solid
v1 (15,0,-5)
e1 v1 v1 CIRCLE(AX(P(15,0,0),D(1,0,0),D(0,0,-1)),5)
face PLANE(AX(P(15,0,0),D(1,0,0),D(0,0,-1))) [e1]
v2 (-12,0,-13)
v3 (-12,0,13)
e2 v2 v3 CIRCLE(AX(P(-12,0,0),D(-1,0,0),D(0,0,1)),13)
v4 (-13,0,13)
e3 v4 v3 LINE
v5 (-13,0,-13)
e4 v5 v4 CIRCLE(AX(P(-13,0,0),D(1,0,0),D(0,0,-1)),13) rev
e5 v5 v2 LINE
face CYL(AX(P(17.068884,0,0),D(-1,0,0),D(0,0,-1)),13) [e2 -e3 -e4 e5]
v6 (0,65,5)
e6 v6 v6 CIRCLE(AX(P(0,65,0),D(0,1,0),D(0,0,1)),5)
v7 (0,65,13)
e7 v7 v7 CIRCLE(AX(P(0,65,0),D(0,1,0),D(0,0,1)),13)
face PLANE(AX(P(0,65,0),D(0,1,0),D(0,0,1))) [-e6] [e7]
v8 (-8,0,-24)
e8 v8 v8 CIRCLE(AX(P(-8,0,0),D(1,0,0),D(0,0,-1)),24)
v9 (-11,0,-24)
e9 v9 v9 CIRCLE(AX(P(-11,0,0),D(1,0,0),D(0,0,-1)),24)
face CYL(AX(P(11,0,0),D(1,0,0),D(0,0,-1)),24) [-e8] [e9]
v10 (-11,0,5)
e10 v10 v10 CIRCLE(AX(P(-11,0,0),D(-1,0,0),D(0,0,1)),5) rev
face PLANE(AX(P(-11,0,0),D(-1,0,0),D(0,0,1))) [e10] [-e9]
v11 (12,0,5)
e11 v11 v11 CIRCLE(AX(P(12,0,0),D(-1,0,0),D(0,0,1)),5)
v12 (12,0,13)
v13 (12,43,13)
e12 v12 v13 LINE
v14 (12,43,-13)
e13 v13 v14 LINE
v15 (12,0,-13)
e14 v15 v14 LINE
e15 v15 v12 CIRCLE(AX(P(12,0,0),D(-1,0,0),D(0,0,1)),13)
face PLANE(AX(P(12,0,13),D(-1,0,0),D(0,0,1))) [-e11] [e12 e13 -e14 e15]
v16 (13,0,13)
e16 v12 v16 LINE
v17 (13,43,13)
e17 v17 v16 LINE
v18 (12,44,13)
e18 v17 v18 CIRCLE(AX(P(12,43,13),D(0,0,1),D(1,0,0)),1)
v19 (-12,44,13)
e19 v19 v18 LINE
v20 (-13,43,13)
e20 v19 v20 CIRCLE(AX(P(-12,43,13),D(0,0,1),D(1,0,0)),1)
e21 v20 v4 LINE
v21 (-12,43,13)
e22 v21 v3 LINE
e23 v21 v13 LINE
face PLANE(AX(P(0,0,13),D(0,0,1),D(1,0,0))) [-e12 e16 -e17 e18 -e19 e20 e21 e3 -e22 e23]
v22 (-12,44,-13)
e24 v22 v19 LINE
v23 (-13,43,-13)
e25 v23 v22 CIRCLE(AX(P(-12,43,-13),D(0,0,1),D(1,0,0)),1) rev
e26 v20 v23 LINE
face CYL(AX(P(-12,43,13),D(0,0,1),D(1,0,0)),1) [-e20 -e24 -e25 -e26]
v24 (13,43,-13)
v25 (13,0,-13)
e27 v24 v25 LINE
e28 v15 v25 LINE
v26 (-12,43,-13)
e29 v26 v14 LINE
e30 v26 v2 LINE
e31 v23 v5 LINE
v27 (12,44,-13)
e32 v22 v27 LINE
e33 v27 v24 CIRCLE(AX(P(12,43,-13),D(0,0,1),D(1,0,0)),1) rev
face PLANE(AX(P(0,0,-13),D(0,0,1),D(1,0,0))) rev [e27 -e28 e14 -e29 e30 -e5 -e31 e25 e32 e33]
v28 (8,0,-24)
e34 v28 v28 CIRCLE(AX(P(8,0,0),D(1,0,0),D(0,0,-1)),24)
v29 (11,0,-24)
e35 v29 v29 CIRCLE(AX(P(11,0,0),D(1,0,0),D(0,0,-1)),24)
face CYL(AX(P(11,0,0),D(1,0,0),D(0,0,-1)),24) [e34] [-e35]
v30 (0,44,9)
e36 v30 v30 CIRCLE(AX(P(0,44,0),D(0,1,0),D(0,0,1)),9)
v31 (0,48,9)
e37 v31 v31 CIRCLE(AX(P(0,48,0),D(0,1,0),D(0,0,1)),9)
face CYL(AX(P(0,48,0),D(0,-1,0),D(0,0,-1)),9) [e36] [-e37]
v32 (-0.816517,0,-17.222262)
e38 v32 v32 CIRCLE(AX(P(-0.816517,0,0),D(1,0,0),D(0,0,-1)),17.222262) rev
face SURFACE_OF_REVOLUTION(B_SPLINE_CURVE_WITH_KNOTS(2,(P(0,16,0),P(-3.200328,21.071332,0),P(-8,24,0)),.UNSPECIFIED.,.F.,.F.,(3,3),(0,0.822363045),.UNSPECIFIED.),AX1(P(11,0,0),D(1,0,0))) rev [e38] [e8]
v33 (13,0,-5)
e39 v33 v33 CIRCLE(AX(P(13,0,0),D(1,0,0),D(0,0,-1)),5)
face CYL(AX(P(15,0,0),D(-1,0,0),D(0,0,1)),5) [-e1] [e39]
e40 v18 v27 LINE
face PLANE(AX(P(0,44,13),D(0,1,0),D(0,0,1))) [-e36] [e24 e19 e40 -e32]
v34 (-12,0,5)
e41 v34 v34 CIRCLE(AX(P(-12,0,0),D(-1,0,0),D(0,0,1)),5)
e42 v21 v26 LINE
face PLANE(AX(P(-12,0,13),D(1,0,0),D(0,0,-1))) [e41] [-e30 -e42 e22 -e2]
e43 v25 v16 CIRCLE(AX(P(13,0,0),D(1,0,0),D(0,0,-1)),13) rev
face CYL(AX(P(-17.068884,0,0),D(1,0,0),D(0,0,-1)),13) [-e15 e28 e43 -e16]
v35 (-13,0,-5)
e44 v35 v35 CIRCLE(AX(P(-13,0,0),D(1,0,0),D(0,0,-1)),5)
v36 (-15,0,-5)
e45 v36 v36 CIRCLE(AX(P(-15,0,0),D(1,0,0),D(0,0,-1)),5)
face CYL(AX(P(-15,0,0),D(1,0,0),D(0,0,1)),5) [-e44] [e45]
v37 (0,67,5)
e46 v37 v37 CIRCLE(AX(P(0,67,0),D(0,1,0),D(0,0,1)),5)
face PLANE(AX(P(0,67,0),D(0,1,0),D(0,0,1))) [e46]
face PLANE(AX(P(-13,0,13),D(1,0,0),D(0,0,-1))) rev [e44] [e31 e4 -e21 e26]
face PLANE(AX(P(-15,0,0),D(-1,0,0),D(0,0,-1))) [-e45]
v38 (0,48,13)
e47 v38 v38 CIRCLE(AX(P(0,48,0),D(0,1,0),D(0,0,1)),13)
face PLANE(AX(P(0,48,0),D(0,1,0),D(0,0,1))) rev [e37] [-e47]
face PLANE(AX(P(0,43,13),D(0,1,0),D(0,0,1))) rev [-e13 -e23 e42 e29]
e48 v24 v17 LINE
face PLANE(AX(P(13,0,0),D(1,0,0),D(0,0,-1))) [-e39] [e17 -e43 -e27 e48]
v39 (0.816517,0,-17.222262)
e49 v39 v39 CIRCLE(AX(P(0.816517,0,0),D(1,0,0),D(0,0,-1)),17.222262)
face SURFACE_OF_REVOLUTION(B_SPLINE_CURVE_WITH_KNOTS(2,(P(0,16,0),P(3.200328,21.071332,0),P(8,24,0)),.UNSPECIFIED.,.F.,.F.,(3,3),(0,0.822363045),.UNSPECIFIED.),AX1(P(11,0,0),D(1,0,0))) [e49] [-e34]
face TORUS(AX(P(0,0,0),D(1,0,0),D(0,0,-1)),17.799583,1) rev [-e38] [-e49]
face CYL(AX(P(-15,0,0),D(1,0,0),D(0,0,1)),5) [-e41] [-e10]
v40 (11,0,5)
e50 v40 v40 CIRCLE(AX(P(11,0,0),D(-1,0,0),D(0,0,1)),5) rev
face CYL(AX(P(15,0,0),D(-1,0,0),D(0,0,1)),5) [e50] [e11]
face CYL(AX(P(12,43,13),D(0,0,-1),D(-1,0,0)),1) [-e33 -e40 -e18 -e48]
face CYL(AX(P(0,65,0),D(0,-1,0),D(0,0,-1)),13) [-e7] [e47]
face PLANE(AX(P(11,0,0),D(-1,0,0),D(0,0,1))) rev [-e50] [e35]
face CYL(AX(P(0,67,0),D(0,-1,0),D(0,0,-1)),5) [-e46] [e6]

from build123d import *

# Parameters (mm, degrees)
FILLET_1_R                  = 1
EXTRUDE_1_DEPTH             = 13
EXTRUDE_3_DEPTH             = 1
EXTRUDE_4_REACH             = 58.462
SKETCH_5_R                  = 5
EXTRUDE_4_DIRECTION_2_DEPTH = 2
SKETCH_8_R                  = 9
EXTRUDE_5_DEPTH             = 4
SKETCH_9_R                  = 13
EXTRUDE_6_DEPTH             = 17
SKETCH_10_R                 = 5
EXTRUDE_7_DEPTH             = 2
FILLET_3_R                  = 1


with BuildPart() as part:
    # 草图1 → 旋转1 (revolve)
    with BuildSketch(Plane.XY, mode=Mode.PRIVATE) as revolve_1_sk:
        with BuildLine():
            Line((-11, 0), (0, 0))
            Line((0, 0), (0, 16))
            add(Edge.make_bspline(
                [(0, 16), (-3.200328023, 21.071332496), (-8, 24)],
                knots=[0, 0, 0, 0.822363045, 0.822363045, 0.822363045], degree=2))
            Line((-8, 24), (-11, 24))
            Line((-11, 24), (-11, 0))
        make_face()
        with BuildLine():
            Line((0, 16), (0, 0))
            Line((0, 0), (11, 0))
            Line((11, 0), (11, 24))
            Line((11, 24), (8, 24))
            add(Edge.make_bspline(
                [(0, 16), (3.200328023, 21.071332496), (8, 24)],
                knots=[0, 0, 0, 0.822363045, 0.822363045, 0.822363045], degree=2))
        make_face()
    revolve(revolve_1_sk.sketch.rotate(Axis((11, 0, 0), (-1, 0, 0)), 90), axis=Axis((11, 0, 0), (-1, 0, 0)))

    # 圆角1
    fillet_1_edges = [part.edges().sort_by_distance(p)[0] for p in [
        (0, 0, 16),
    ]]
    fillet(fillet_1_edges, radius=FILLET_1_R)

    # 凸台-拉伸4: up to this face of the body (flat: up to its plane)
    extrude_4_end = Plane(part.part.faces().sort_by_distance((11, 0, 0))[0])
    # 草图5 → 凸台-拉伸4 (add, up to the picked face)
    with BuildSketch(Plane(origin=(13, 0, 0), x_dir=(0, 0, -1), z_dir=(1, 0, 0)), mode=Mode.PRIVATE) as extrude_4_sk1:
        with Locations(Location((0, 0, 0), (0, 0, 180))):
            Circle(SKETCH_5_R)
    extrude_4_tool1 = split(extrude(extrude_4_sk1.sketch, amount=-EXTRUDE_4_REACH, mode=Mode.PRIVATE), bisect_by=extrude_4_end, keep=Keep.BOTH, mode=Mode.PRIVATE)


with BuildPart() as body_2:
    # 草图2 → 凸台-拉伸1 (new, symmetric)
    with BuildSketch(Plane.XY):
        Polygon((-12, 0), (-12, 43), (12, 43), (12, 0), (13, 0), (13, 44), (-13, 44), (-13, 0), align=None)
    extrude(amount=EXTRUDE_1_DEPTH, both=True)


with BuildPart() as body_3:
    # 草图4 → 凸台-拉伸3 (new body)
    with BuildSketch(Plane(origin=(13, 0, 0), x_dir=(0, 0, -1), z_dir=(1, 0, 0))):
        with BuildLine():
            ThreePointArc((13, 0), (0, -13), (-13, 0))
            Line((-13, 0), (13, 0))
        make_face()
    extrude(amount=-EXTRUDE_3_DEPTH)


with BuildPart() as part_1:
    add(part.part)

    add(body_2.part)  # 凸台-拉伸4 merges body 2

    add(body_3.part)  # 凸台-拉伸4 merges body 3
    add(extrude_4_tool1.solids().sort_by(Axis((13, 0, 0), (-1, 0, 0)))[0])

    # 草图5 → 凸台-拉伸4 direction 2 (add)
    with BuildSketch(Plane(origin=(13, 0, 0), x_dir=(0, 0, -1), z_dir=(1, 0, 0))):
        with Locations(Location((0, 0, 0), (0, 0, 180))):
            Circle(SKETCH_5_R)
    extrude(amount=EXTRUDE_4_DIRECTION_2_DEPTH)


with BuildPart() as body_2_2:
    # 镜向9: mirrored copy
    add(part_1.part.mirror(Plane(origin=(0, 0, 0), x_dir=(0, 0, 1), z_dir=(1, 0, 0))))


with BuildPart() as part_2:
    add(part_1.part)

    add(body_2_2.part)  # 凸台-拉伸5 merges body 2 2
    # 草图8 → 凸台-拉伸5 (add)
    with BuildSketch(Plane(origin=(0, 44, 0), x_dir=(1, 0, 0), z_dir=(0, 1, 0))):
        with Locations(Location((0, 0, 0), (0, 0, 270))):
            Circle(SKETCH_8_R)
    extrude(amount=EXTRUDE_5_DEPTH)

    # 草图9 → 凸台-拉伸6 (add)
    with BuildSketch(Plane(origin=(0, 48, 0), x_dir=(1, 0, 0), z_dir=(0, 1, 0))):
        with Locations(Location((0, 0, 0), (0, 0, 270))):
            Circle(SKETCH_9_R)
    extrude(amount=EXTRUDE_6_DEPTH)

    # 草图10 → 凸台-拉伸7 (add)
    with BuildSketch(Plane(origin=(0, 65, 0), x_dir=(1, 0, 0), z_dir=(0, 1, 0))):
        with Locations(Location((0, 0, 0), (0, 0, 270))):
            Circle(SKETCH_10_R)
    extrude(amount=EXTRUDE_7_DEPTH)

    # 圆角3
    fillet_3_edges = [part_2.edges().sort_by_distance(p)[0] for p in [
        (-13, 44, 0),
        (13, 44, 0),
    ]]
    fillet(fillet_3_edges, radius=FILLET_3_R)


solid = part_2.part
